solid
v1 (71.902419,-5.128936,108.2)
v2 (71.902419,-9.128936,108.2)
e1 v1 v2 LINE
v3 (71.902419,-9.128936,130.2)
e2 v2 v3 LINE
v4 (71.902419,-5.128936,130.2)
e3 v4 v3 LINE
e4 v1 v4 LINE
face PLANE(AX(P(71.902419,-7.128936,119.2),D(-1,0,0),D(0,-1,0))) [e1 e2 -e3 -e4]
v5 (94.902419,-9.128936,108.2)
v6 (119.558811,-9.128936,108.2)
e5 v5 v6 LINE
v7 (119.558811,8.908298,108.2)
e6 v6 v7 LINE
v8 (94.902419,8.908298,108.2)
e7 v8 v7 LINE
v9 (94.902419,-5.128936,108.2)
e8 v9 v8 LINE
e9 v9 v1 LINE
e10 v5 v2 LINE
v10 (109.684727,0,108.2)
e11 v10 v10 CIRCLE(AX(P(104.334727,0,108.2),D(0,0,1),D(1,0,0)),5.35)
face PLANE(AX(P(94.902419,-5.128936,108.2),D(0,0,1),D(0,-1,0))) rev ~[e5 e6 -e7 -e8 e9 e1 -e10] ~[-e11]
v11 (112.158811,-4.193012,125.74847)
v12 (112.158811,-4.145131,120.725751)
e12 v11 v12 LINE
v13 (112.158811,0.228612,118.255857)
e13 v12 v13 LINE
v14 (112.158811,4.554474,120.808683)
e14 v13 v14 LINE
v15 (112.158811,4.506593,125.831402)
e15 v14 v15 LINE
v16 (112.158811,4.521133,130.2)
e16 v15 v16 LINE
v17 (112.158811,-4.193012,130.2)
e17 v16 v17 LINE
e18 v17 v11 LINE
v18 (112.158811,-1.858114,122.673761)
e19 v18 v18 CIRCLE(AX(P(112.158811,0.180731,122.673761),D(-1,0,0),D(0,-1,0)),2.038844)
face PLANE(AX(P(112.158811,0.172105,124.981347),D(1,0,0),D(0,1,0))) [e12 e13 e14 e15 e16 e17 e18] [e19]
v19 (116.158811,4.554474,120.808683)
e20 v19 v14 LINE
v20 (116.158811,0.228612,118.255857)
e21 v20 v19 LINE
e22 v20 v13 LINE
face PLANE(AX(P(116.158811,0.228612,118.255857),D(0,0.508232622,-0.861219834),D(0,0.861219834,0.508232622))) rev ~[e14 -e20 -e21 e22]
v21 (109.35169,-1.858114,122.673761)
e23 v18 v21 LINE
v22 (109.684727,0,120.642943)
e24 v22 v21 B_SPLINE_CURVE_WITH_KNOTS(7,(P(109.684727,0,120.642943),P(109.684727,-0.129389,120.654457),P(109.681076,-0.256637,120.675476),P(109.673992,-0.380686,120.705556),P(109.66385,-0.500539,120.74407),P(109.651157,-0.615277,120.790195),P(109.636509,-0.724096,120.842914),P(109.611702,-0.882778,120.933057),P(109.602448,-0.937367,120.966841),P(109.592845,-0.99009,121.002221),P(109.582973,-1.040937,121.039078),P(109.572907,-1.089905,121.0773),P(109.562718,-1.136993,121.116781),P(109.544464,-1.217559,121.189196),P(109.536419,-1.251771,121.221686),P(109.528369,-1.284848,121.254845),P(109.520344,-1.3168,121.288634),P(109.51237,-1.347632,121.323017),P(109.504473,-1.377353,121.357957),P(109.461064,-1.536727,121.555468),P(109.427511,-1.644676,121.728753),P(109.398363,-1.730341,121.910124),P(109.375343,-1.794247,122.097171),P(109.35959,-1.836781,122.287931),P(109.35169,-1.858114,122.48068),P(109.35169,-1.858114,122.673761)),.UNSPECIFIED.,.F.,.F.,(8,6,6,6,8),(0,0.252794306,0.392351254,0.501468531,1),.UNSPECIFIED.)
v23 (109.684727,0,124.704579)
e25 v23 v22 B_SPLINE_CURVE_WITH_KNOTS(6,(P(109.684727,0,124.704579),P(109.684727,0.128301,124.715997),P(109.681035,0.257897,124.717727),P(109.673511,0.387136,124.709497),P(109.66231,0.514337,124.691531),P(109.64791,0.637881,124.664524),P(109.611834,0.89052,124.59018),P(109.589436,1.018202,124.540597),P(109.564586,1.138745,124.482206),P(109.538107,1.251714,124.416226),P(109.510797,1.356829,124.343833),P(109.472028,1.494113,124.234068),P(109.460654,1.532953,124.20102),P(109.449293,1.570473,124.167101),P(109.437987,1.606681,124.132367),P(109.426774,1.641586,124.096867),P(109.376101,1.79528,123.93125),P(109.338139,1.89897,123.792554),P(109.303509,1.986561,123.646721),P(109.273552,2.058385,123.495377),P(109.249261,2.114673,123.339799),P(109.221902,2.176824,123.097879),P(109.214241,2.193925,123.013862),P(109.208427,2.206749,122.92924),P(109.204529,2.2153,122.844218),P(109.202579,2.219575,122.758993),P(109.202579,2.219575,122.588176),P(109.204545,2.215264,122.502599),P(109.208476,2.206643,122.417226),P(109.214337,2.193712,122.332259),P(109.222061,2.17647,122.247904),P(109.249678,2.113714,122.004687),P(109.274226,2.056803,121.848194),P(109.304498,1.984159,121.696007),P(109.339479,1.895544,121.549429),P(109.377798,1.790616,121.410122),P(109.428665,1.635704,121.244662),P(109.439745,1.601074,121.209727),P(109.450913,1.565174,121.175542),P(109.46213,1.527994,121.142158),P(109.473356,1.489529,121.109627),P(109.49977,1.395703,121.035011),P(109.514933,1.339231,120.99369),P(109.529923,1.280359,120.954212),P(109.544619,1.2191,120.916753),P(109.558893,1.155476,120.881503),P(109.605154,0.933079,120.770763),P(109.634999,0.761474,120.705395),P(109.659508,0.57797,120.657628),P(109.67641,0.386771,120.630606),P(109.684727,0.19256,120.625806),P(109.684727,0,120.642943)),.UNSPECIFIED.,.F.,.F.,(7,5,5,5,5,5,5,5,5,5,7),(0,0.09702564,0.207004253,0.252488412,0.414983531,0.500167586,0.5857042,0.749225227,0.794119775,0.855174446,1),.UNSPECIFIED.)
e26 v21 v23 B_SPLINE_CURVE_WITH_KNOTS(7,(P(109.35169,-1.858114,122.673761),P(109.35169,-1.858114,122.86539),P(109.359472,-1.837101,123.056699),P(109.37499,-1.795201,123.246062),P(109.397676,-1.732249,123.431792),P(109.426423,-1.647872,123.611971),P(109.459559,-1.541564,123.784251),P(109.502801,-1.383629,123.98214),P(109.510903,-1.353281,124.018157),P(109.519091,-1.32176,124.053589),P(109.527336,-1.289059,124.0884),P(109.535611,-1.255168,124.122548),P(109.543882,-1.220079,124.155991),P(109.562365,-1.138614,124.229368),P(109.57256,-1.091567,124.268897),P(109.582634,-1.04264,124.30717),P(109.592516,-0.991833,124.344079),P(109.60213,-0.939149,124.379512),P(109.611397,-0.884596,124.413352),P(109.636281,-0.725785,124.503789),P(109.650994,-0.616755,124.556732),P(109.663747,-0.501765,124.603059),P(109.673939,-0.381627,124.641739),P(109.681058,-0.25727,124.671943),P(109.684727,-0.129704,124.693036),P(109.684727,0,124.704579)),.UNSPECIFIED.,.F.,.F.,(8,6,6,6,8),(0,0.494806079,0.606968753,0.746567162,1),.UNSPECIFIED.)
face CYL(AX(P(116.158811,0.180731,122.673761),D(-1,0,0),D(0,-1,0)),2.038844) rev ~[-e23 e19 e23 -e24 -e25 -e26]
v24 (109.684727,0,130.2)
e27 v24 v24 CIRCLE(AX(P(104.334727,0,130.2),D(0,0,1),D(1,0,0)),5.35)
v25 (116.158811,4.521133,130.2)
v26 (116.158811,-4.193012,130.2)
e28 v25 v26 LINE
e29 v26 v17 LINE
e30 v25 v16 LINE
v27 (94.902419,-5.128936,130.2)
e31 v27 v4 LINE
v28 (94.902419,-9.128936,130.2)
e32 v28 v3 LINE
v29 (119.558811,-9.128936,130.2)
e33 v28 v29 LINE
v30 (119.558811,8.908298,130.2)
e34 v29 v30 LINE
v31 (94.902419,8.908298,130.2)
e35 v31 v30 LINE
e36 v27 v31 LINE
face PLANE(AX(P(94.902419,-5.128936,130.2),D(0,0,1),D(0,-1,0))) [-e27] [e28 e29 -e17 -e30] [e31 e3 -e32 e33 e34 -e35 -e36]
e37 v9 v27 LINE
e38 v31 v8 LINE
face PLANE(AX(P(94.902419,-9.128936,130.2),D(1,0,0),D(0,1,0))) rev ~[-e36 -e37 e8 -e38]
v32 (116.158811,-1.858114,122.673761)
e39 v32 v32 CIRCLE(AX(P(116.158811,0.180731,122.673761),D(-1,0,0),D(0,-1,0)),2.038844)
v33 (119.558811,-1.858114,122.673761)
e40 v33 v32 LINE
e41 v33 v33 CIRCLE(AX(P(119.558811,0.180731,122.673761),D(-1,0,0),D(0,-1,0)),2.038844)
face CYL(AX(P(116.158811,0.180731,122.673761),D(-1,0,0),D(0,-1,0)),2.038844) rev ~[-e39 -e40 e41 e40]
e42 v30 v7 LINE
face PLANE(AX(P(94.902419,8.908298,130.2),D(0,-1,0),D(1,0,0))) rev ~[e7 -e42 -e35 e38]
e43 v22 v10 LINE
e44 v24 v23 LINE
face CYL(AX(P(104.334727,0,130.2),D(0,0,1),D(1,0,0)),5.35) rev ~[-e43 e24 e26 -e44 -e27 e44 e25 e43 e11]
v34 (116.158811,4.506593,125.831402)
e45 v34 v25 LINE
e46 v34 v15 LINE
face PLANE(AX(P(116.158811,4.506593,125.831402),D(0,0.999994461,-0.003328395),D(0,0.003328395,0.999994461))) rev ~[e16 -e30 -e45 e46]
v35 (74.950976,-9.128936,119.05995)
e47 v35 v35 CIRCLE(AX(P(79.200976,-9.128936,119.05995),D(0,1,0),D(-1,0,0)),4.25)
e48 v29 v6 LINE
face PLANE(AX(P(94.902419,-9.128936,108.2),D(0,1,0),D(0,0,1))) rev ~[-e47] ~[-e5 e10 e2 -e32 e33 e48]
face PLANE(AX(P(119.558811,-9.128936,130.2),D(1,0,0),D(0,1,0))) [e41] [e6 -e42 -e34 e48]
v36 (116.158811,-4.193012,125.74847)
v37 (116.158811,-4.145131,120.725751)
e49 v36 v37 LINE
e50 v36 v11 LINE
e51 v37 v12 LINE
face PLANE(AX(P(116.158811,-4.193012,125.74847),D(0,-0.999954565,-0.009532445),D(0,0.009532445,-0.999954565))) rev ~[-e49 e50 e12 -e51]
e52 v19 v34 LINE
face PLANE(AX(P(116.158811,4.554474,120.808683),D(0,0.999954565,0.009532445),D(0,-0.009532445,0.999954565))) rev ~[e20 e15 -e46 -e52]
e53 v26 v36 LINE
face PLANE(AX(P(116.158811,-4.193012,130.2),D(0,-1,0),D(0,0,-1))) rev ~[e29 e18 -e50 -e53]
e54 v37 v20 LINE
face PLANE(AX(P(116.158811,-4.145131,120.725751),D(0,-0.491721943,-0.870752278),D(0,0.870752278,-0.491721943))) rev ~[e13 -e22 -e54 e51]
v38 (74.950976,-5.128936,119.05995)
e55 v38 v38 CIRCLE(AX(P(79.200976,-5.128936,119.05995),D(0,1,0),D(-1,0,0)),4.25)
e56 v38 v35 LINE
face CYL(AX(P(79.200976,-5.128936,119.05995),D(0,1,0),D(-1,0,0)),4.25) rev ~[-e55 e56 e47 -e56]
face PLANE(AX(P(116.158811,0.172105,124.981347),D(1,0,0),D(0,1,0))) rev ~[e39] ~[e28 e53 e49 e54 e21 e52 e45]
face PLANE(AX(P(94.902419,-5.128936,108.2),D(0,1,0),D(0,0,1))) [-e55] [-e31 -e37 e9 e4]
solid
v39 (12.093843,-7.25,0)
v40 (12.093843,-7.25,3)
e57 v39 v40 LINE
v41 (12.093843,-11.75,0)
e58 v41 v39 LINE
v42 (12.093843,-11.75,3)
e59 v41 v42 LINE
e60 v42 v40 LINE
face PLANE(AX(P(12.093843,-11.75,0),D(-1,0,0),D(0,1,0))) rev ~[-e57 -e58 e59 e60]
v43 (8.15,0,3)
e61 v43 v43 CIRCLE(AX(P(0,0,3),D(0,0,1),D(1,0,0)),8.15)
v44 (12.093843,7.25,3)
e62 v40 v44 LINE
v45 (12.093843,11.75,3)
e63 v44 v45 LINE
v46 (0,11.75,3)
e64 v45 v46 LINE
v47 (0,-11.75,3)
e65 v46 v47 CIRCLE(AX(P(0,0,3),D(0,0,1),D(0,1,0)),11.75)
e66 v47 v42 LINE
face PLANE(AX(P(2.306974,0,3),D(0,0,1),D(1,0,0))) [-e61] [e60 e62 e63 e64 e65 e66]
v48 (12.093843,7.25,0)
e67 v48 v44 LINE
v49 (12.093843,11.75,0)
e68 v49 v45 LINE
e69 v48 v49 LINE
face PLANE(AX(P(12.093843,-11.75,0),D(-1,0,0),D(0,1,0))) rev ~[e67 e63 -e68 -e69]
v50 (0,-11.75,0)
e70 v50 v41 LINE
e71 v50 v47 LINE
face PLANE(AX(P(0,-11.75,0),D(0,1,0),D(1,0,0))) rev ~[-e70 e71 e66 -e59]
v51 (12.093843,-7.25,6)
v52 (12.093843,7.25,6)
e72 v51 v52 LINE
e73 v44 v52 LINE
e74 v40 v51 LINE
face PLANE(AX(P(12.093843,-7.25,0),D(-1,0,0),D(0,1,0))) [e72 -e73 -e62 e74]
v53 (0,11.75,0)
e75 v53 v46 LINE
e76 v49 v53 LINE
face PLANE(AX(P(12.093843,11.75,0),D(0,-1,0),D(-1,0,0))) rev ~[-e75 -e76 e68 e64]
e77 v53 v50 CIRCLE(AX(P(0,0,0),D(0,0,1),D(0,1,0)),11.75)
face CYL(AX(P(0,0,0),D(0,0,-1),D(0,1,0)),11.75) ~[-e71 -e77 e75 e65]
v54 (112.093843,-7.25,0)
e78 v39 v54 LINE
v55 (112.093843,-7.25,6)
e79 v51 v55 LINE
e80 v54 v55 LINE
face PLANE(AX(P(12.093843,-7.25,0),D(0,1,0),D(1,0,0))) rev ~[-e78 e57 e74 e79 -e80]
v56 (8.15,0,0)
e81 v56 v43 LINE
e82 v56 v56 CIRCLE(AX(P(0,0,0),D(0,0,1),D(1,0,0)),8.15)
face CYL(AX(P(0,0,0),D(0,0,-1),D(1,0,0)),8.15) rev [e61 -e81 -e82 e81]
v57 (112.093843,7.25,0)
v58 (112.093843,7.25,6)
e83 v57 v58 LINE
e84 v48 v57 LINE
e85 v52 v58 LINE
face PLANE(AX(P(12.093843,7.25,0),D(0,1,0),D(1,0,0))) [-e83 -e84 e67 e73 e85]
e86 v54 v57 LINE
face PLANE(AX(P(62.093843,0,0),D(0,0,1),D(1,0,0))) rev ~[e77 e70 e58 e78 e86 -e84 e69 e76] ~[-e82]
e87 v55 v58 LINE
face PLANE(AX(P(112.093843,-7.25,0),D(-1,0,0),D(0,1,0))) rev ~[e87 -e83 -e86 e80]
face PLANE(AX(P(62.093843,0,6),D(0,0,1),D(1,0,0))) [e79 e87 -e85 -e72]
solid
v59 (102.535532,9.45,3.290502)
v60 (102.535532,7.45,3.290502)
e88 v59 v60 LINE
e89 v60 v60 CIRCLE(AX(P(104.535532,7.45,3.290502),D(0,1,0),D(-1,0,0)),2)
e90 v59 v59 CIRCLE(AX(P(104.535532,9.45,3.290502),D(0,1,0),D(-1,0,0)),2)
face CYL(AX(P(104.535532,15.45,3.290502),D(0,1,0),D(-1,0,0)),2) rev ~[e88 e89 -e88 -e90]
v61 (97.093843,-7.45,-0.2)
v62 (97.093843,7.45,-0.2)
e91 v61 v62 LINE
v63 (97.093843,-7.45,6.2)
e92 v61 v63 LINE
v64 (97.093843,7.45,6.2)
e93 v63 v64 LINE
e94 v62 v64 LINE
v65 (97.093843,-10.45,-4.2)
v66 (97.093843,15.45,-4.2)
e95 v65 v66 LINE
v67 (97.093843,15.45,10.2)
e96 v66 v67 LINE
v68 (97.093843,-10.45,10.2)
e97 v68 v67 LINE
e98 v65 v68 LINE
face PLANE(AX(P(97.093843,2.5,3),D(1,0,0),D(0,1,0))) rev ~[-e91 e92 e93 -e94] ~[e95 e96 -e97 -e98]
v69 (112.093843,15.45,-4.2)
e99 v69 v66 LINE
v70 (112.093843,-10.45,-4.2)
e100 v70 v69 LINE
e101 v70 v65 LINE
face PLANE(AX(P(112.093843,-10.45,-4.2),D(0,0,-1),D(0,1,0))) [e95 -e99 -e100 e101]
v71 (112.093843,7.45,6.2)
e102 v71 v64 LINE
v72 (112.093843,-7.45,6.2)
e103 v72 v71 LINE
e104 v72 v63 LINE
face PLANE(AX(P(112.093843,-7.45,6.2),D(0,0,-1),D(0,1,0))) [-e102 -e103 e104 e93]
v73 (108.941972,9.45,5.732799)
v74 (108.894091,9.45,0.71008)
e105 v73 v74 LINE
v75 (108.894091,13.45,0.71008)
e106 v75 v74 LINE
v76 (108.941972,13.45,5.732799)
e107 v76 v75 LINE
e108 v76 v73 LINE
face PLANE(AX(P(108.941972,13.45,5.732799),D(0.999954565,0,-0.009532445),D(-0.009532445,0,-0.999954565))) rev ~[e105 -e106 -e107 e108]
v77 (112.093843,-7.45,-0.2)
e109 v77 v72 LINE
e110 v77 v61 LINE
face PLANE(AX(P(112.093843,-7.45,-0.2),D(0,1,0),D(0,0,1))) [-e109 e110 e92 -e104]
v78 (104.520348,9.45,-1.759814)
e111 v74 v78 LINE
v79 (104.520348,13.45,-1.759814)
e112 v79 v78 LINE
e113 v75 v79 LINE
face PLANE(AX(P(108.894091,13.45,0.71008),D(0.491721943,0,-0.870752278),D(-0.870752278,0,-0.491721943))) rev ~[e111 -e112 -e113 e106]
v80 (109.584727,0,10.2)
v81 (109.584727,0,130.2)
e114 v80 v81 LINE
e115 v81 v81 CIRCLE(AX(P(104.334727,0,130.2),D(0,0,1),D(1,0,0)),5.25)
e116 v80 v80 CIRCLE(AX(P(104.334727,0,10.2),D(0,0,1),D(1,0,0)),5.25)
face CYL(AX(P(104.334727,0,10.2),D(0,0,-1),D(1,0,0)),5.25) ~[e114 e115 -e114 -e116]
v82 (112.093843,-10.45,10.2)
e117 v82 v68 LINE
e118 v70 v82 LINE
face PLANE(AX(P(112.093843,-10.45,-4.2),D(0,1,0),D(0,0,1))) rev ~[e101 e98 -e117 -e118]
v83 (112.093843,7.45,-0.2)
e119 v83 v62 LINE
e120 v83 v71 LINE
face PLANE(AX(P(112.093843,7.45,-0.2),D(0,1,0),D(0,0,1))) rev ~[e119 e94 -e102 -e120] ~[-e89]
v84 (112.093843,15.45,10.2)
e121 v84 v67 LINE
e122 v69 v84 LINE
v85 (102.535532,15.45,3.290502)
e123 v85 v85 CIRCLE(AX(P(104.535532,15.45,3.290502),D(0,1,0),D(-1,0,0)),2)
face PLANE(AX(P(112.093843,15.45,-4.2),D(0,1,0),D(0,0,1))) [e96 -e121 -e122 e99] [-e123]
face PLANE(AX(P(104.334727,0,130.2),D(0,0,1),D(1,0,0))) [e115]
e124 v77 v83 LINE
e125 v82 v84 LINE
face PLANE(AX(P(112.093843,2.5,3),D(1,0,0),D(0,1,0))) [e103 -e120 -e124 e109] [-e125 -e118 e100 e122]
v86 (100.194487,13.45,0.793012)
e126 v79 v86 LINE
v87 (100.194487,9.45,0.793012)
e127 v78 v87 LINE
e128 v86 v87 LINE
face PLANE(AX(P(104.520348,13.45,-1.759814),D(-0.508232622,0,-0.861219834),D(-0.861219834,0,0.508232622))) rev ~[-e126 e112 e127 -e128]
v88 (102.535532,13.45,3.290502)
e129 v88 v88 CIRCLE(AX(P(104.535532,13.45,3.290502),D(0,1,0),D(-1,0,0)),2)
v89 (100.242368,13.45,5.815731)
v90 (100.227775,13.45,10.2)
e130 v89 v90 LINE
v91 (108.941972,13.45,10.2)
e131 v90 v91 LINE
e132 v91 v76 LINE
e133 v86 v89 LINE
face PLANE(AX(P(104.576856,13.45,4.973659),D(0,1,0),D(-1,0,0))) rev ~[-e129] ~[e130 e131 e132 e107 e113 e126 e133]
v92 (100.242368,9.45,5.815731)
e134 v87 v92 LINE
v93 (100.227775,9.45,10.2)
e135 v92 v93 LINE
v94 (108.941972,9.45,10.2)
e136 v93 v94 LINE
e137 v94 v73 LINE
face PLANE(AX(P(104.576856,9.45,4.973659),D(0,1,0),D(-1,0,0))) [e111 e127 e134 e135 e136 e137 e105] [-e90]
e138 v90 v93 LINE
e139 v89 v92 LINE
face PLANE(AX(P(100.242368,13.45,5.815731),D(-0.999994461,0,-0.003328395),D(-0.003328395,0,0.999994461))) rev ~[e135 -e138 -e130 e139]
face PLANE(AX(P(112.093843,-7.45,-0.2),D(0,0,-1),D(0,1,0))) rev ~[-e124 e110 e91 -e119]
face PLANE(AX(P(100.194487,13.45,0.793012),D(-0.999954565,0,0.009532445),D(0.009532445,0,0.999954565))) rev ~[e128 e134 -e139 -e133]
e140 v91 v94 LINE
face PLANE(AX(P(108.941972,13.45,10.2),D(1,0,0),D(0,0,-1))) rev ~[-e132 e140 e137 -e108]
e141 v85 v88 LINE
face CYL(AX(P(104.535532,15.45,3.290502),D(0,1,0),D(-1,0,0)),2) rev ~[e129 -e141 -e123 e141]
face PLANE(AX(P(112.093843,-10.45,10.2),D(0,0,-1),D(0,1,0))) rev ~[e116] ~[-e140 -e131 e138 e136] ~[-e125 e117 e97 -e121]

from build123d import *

# Parameters (mm, degrees)
F0_R      = 8.15
F1_DEPTH  = 3
F2_W      = 100
F2_H      = 14.5
F3_DEPTH  = 6
F4_W      = 25.9
F4_H      = 14.4
F4_W_2    = 14.9
F4_H_2    = 6.4
F5_DEPTH  = 15
F7_DEPTH  = 4
F10_R     = 2
F11_DEPTH = 8
F12_R     = 5.25
F13_DEPTH = 120
F14_W     = 24.6563926339
F14_H     = 18.0372335017
F14_R     = 5.35
F15_DEPTH = 22
F17_DEPTH = 4
F20_W     = 4
F20_H     = 22
F21_DEPTH = 23
F22_R     = 4.25
F23_DEPTH = 6.9
F24_R     = 2.0388444007
F25_DEPTH = 8


with BuildPart() as f1:
    # F0 (on Top) → F1 (new body)
    with BuildSketch(Plane.XY):
        with BuildLine():
            Line((12.0938429609, 11.75), (0, 11.75))
            ThreePointArc((0, 11.75), (-11.75, 0), (0, -11.75))
            Line((0, -11.75), (12.0938429609, -11.75))
            Line((12.0938429609, -11.75), (12.0938429609, 11.75))
        make_face()
        Circle(F0_R, mode=Mode.SUBTRACT)
    extrude(amount=F1_DEPTH)

    # F2 (on Top) → F3 (join)
    with BuildSketch(Plane.XY):
        with Locations((62.0938429609, 0)):
            Rectangle(F2_W, F2_H)
    extrude(amount=F3_DEPTH)


with BuildPart() as f5:
    # F4 (on face) → F5 (new body)
    with BuildSketch(Plane.YZ.offset(112.0938429609)):
        with Locations((2.5, 3)):
            Rectangle(F4_W, F4_H)
        with Locations((0, 3)):
            Rectangle(F4_W_2, F4_H_2, mode=Mode.SUBTRACT)
    extrude(amount=-F5_DEPTH)


with BuildPart() as f7:
    # F6 (on face) → F7 (new body)
    with BuildSketch(Plane(origin=(0, 15.45, 0), x_dir=(-1, 0, 0), z_dir=(0, 1, 0))):
        Polygon((-104.5203484448, -1.759813661), (-100.1944865702, 0.7930120365), (-100.2423675383, 5.8157311619), (-100.2277748773, 10.2), (-108.9419722557, 10.2), (-108.9419722557, 5.7327988924), (-108.8940912876, 0.710079767), align=None)
    extrude(amount=-F7_DEPTH)


with BuildPart() as f7_1:
    # F8: moved
    add(f7.part.moved(Location((0, -2, 0))))


with BuildPart() as f5_1:
    add(f5.part)

    # F9: cut F7
    add(f7_1.part, mode=Mode.SUBTRACT)

    # F10 (on face) → F11 (cut)
    with BuildSketch(Plane(origin=(0, 15.45, 0), x_dir=(-1, 0, 0), z_dir=(0, 1, 0))):
        with Locations((-104.5355323519, 3.2905018547)):
            Circle(F10_R)
    extrude(amount=-F11_DEPTH, mode=Mode.SUBTRACT)

    # F12 (on face) → F13 (join)
    with BuildSketch(Plane.XY.offset(10.2)):
        with Locations((104.3347269297, 0)):
            Circle(F12_R)
    extrude(amount=F13_DEPTH)


with BuildPart() as f15:
    # F14 (on face) → F15 (new body)
    with BuildSketch(Plane.XY.offset(130.2)):
        with Locations((107.2306148708, -0.1103188843)):
            Rectangle(F14_W, F14_H)
        with Locations((104.3347269297, 0)):
            Circle(F14_R, mode=Mode.SUBTRACT)
    extrude(amount=-F15_DEPTH)


with BuildPart() as f17:
    # F16 (on face) → F17 (new body)
    with BuildSketch(Plane.YZ.offset(119.5588111877)):
        Polygon((0.228611862, 118.2558574952), (4.5544737366, 120.8086831927), (4.5065927685, 125.8314023181), (4.5211332695, 130.2), (-4.1930119489, 130.2), (-4.1930119489, 125.7484700486), (-4.1451309808, 120.7257509232), align=None)
    extrude(amount=-F17_DEPTH)


with BuildPart() as f17_1:
    # F18: moved
    add(f17.part.moved(Location((-3.4, 0, 0))))


with BuildPart() as f15_1:
    add(f15.part)

    # F19: cut F17
    add(f17_1.part, mode=Mode.SUBTRACT)

    # F20 (on face) → F21 (join)
    with BuildSketch(Plane(origin=(94.9024185538, 0, 0), x_dir=(0, -1, 0), z_dir=(-1, 0, 0))):
        with Locations((7.1289356351, 119.2)):
            Rectangle(F20_W, F20_H)
    extrude(amount=F21_DEPTH)

    # F22 (on face) → F23 (cut)
    with BuildSketch(Plane(origin=(0, -5.1289356351, 0), x_dir=(-1, 0, 0), z_dir=(0, 1, 0))):
        with Locations((-79.2009755969, 119.0599501133)):
            Circle(F22_R)
    extrude(amount=-F23_DEPTH, mode=Mode.SUBTRACT)

    # F24 (on face) → F25 (cut, symmetric)
    with BuildSketch(Plane(origin=(116.1588111877, 0, 0), x_dir=(0, -1, 0), z_dir=(-1, 0, 0))):
        with Locations((-0.1807307642, 122.6737608395)):
            Circle(F24_R)
    extrude(amount=F25_DEPTH, both=True, mode=Mode.SUBTRACT)


solid = Compound([f1.part, f5_1.part, f15_1.part])
